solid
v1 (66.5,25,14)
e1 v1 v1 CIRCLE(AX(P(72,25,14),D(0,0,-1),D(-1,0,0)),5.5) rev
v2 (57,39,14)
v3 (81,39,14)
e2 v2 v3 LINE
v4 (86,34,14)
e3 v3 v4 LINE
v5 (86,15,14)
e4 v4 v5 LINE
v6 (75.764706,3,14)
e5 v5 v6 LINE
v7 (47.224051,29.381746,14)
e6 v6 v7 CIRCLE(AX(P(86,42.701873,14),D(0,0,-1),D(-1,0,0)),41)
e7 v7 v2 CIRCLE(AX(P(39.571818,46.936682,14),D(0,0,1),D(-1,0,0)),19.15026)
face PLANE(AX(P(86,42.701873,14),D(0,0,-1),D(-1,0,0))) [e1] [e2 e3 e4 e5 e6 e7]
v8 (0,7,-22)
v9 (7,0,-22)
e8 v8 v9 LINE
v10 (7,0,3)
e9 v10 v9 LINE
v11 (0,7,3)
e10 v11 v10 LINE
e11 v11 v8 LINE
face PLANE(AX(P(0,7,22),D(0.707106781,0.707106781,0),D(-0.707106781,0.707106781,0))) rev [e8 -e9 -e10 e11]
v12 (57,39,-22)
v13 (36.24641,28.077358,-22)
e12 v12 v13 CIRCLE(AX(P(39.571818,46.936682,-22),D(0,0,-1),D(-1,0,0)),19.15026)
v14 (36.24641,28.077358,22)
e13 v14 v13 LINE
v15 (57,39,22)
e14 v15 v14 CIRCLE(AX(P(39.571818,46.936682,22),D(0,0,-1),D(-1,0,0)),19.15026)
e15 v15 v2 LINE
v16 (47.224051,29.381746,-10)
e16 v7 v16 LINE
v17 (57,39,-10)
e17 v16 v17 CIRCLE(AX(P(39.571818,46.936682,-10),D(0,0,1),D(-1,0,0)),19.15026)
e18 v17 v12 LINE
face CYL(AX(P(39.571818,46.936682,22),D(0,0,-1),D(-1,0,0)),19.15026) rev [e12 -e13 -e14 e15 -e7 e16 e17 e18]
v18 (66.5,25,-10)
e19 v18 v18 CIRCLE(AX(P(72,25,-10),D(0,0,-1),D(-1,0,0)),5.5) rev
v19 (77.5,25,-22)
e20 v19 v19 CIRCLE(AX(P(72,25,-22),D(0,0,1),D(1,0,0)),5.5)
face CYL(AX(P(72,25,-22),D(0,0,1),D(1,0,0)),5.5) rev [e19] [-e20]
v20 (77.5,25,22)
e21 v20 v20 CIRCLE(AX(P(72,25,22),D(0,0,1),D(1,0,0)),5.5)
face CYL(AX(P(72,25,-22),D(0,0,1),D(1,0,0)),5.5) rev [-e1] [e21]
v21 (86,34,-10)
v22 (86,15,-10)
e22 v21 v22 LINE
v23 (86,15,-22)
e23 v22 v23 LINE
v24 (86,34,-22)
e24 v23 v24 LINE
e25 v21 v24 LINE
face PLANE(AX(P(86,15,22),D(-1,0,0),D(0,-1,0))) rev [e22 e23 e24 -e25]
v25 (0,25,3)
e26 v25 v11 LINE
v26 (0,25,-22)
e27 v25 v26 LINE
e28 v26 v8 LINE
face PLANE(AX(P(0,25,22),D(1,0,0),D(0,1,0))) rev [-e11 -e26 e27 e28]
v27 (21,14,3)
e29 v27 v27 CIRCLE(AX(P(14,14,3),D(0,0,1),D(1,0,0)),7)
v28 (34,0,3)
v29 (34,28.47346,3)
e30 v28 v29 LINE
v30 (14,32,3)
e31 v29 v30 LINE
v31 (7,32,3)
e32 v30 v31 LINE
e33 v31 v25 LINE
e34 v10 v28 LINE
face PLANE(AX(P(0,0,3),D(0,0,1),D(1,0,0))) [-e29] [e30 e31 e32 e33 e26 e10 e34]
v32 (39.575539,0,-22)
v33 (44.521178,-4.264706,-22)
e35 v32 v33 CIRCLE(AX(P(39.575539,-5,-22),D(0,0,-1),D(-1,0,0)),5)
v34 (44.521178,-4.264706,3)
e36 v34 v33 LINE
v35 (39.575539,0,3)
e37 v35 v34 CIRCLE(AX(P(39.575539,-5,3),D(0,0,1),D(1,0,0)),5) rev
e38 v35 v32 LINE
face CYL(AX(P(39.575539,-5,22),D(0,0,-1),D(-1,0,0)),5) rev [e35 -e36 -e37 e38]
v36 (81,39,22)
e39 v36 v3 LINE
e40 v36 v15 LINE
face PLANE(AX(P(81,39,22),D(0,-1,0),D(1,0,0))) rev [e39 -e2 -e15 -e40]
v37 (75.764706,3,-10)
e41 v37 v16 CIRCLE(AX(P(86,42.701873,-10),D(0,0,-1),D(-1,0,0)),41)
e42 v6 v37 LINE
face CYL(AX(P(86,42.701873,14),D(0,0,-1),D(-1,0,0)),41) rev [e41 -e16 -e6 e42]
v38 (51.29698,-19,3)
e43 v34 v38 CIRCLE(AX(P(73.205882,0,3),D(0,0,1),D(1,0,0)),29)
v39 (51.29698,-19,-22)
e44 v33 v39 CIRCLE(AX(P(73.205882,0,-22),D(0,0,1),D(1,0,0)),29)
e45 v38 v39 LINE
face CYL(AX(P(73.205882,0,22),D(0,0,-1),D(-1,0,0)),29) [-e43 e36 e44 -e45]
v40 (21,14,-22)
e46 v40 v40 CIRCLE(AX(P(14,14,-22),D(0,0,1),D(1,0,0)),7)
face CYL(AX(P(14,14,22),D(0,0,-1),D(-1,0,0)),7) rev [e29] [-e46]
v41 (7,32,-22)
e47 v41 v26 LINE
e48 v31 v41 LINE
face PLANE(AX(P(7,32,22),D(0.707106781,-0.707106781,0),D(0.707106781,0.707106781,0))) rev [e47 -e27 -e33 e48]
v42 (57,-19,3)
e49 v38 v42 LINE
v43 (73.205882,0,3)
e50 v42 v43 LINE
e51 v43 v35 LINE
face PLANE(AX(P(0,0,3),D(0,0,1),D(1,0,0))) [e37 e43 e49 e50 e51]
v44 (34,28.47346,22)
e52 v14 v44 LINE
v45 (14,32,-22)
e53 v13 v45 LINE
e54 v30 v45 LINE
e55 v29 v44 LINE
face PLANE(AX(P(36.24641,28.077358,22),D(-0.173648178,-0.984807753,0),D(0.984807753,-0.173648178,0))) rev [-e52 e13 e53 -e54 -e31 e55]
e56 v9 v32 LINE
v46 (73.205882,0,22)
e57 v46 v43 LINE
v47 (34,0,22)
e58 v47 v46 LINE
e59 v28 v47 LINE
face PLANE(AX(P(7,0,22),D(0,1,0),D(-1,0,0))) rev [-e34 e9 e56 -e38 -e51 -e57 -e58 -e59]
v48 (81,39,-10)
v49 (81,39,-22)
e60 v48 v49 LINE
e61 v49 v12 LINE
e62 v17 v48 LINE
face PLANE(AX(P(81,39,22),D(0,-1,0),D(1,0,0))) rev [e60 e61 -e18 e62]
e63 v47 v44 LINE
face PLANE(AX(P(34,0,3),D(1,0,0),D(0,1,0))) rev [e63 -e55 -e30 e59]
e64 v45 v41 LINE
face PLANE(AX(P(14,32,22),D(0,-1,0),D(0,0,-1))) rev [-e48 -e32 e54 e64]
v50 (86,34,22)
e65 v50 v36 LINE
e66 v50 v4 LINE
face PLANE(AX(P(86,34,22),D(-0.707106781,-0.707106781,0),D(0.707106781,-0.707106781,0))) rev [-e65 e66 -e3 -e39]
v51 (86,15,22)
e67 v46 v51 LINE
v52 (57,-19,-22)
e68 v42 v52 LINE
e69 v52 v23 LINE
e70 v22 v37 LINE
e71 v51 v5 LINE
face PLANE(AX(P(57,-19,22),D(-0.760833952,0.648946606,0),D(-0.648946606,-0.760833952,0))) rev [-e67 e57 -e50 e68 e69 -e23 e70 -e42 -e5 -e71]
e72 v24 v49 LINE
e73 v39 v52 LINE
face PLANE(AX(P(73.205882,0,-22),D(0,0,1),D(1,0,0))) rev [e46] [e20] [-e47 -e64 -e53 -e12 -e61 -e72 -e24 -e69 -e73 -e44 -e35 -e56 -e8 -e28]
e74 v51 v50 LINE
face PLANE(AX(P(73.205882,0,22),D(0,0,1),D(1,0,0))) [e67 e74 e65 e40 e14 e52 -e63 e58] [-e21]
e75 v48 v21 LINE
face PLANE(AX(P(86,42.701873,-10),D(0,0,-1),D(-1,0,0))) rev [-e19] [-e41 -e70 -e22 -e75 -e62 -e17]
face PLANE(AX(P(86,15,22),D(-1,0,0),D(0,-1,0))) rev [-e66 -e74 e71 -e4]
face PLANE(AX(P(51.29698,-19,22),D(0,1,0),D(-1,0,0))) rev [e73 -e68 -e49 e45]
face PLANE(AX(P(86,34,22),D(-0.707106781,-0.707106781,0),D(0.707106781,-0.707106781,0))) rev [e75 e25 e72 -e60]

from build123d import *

# Parameters (mm, degrees)
ESQUISSE2_R             = 7
BOSS_EXTRU_2_DEPTH      = 22
ENL_V_MAT_EXTRU_1_DEPTH = 19
ESQUISSE5_R             = 5.5
ENL_V_MAT_EXTRU_2_DEPTH = 45
ENL_V_START             = -12
ENL_V_MAT_EXTRU_3_DEPTH = 24


with BuildPart() as part:
    # Esquisse2 → Boss.-Extru.2 (new body, symmetric)
    with BuildSketch(Plane.XY):
        with BuildLine():
            Line((51.296980053, -19), (57, -19))
            Line((57, -19), (86, 15))
            Line((86, 15), (86, 34))
            Line((86, 34), (81, 39))
            Line((81, 39), (57, 39))
            ThreePointArc((57, 39), (48.490791592, 29.99016727), (36.246410316, 28.077357637))
            Line((36.246410316, 28.077357637), (14, 32))
            Line((14, 32), (7, 32))
            Line((7, 32), (0, 25))
            Line((0, 25), (0, 7))
            Line((0, 7), (7, 0))
            Line((7, 0), (39.575538911, 0))
            ThreePointArc((39.575538911, 0), (42.840774692, -1.213413768), (44.521177653, -4.264705882))
            ThreePointArc((44.521177653, -4.264705882), (46.858007856, -12.115672061), (51.296980053, -19))
        make_face()
        with Locations((14, 14)):
            Circle(ESQUISSE2_R, mode=Mode.SUBTRACT)
    extrude(amount=BOSS_EXTRU_2_DEPTH, both=True)

    # Esquisse4 → Enlèv. mat.-Extru.1 (cut)
    with BuildSketch(Plane.XY.offset(22)):
        Polygon((34, 32), (0, 32), (0, -19), (86, -19), (86, 0), (34, 0), align=None)
    extrude(amount=-ENL_V_MAT_EXTRU_1_DEPTH, mode=Mode.SUBTRACT)

    # Esquisse5 → Enlèv. mat.-Extru.2 (cut, through all)
    with BuildSketch(Plane.XY.offset(22)):
        with Locations((72, 25)):
            Circle(ESQUISSE5_R)
    extrude(amount=-ENL_V_MAT_EXTRU_2_DEPTH, mode=Mode.SUBTRACT)

    # Esquisse14 → Enlèv. mat.-Extru.3 (cut)
    with BuildSketch(Plane(origin=(0, 0, -22), x_dir=(-1, 0, 0), z_dir=(0, 0, -1)).offset(ENL_V_START)):
        with BuildLine():
            Line((-75.764705882, 3), (-86, 15))
            Line((-86, 15), (-86, 34))
            Line((-86, 34), (-81, 39))
            Line((-81, 39), (-57, 39))
            ThreePointArc((-57, 39), (-53.002548038, 33.285750119), (-47.224051208, 29.381745985))
            ThreePointArc((-47.224051208, 29.381745985), (-58.169717695, 12.59414375), (-75.764705882, 3))
        make_face()
    extrude(amount=-ENL_V_MAT_EXTRU_3_DEPTH, mode=Mode.SUBTRACT)


solid = part.part
